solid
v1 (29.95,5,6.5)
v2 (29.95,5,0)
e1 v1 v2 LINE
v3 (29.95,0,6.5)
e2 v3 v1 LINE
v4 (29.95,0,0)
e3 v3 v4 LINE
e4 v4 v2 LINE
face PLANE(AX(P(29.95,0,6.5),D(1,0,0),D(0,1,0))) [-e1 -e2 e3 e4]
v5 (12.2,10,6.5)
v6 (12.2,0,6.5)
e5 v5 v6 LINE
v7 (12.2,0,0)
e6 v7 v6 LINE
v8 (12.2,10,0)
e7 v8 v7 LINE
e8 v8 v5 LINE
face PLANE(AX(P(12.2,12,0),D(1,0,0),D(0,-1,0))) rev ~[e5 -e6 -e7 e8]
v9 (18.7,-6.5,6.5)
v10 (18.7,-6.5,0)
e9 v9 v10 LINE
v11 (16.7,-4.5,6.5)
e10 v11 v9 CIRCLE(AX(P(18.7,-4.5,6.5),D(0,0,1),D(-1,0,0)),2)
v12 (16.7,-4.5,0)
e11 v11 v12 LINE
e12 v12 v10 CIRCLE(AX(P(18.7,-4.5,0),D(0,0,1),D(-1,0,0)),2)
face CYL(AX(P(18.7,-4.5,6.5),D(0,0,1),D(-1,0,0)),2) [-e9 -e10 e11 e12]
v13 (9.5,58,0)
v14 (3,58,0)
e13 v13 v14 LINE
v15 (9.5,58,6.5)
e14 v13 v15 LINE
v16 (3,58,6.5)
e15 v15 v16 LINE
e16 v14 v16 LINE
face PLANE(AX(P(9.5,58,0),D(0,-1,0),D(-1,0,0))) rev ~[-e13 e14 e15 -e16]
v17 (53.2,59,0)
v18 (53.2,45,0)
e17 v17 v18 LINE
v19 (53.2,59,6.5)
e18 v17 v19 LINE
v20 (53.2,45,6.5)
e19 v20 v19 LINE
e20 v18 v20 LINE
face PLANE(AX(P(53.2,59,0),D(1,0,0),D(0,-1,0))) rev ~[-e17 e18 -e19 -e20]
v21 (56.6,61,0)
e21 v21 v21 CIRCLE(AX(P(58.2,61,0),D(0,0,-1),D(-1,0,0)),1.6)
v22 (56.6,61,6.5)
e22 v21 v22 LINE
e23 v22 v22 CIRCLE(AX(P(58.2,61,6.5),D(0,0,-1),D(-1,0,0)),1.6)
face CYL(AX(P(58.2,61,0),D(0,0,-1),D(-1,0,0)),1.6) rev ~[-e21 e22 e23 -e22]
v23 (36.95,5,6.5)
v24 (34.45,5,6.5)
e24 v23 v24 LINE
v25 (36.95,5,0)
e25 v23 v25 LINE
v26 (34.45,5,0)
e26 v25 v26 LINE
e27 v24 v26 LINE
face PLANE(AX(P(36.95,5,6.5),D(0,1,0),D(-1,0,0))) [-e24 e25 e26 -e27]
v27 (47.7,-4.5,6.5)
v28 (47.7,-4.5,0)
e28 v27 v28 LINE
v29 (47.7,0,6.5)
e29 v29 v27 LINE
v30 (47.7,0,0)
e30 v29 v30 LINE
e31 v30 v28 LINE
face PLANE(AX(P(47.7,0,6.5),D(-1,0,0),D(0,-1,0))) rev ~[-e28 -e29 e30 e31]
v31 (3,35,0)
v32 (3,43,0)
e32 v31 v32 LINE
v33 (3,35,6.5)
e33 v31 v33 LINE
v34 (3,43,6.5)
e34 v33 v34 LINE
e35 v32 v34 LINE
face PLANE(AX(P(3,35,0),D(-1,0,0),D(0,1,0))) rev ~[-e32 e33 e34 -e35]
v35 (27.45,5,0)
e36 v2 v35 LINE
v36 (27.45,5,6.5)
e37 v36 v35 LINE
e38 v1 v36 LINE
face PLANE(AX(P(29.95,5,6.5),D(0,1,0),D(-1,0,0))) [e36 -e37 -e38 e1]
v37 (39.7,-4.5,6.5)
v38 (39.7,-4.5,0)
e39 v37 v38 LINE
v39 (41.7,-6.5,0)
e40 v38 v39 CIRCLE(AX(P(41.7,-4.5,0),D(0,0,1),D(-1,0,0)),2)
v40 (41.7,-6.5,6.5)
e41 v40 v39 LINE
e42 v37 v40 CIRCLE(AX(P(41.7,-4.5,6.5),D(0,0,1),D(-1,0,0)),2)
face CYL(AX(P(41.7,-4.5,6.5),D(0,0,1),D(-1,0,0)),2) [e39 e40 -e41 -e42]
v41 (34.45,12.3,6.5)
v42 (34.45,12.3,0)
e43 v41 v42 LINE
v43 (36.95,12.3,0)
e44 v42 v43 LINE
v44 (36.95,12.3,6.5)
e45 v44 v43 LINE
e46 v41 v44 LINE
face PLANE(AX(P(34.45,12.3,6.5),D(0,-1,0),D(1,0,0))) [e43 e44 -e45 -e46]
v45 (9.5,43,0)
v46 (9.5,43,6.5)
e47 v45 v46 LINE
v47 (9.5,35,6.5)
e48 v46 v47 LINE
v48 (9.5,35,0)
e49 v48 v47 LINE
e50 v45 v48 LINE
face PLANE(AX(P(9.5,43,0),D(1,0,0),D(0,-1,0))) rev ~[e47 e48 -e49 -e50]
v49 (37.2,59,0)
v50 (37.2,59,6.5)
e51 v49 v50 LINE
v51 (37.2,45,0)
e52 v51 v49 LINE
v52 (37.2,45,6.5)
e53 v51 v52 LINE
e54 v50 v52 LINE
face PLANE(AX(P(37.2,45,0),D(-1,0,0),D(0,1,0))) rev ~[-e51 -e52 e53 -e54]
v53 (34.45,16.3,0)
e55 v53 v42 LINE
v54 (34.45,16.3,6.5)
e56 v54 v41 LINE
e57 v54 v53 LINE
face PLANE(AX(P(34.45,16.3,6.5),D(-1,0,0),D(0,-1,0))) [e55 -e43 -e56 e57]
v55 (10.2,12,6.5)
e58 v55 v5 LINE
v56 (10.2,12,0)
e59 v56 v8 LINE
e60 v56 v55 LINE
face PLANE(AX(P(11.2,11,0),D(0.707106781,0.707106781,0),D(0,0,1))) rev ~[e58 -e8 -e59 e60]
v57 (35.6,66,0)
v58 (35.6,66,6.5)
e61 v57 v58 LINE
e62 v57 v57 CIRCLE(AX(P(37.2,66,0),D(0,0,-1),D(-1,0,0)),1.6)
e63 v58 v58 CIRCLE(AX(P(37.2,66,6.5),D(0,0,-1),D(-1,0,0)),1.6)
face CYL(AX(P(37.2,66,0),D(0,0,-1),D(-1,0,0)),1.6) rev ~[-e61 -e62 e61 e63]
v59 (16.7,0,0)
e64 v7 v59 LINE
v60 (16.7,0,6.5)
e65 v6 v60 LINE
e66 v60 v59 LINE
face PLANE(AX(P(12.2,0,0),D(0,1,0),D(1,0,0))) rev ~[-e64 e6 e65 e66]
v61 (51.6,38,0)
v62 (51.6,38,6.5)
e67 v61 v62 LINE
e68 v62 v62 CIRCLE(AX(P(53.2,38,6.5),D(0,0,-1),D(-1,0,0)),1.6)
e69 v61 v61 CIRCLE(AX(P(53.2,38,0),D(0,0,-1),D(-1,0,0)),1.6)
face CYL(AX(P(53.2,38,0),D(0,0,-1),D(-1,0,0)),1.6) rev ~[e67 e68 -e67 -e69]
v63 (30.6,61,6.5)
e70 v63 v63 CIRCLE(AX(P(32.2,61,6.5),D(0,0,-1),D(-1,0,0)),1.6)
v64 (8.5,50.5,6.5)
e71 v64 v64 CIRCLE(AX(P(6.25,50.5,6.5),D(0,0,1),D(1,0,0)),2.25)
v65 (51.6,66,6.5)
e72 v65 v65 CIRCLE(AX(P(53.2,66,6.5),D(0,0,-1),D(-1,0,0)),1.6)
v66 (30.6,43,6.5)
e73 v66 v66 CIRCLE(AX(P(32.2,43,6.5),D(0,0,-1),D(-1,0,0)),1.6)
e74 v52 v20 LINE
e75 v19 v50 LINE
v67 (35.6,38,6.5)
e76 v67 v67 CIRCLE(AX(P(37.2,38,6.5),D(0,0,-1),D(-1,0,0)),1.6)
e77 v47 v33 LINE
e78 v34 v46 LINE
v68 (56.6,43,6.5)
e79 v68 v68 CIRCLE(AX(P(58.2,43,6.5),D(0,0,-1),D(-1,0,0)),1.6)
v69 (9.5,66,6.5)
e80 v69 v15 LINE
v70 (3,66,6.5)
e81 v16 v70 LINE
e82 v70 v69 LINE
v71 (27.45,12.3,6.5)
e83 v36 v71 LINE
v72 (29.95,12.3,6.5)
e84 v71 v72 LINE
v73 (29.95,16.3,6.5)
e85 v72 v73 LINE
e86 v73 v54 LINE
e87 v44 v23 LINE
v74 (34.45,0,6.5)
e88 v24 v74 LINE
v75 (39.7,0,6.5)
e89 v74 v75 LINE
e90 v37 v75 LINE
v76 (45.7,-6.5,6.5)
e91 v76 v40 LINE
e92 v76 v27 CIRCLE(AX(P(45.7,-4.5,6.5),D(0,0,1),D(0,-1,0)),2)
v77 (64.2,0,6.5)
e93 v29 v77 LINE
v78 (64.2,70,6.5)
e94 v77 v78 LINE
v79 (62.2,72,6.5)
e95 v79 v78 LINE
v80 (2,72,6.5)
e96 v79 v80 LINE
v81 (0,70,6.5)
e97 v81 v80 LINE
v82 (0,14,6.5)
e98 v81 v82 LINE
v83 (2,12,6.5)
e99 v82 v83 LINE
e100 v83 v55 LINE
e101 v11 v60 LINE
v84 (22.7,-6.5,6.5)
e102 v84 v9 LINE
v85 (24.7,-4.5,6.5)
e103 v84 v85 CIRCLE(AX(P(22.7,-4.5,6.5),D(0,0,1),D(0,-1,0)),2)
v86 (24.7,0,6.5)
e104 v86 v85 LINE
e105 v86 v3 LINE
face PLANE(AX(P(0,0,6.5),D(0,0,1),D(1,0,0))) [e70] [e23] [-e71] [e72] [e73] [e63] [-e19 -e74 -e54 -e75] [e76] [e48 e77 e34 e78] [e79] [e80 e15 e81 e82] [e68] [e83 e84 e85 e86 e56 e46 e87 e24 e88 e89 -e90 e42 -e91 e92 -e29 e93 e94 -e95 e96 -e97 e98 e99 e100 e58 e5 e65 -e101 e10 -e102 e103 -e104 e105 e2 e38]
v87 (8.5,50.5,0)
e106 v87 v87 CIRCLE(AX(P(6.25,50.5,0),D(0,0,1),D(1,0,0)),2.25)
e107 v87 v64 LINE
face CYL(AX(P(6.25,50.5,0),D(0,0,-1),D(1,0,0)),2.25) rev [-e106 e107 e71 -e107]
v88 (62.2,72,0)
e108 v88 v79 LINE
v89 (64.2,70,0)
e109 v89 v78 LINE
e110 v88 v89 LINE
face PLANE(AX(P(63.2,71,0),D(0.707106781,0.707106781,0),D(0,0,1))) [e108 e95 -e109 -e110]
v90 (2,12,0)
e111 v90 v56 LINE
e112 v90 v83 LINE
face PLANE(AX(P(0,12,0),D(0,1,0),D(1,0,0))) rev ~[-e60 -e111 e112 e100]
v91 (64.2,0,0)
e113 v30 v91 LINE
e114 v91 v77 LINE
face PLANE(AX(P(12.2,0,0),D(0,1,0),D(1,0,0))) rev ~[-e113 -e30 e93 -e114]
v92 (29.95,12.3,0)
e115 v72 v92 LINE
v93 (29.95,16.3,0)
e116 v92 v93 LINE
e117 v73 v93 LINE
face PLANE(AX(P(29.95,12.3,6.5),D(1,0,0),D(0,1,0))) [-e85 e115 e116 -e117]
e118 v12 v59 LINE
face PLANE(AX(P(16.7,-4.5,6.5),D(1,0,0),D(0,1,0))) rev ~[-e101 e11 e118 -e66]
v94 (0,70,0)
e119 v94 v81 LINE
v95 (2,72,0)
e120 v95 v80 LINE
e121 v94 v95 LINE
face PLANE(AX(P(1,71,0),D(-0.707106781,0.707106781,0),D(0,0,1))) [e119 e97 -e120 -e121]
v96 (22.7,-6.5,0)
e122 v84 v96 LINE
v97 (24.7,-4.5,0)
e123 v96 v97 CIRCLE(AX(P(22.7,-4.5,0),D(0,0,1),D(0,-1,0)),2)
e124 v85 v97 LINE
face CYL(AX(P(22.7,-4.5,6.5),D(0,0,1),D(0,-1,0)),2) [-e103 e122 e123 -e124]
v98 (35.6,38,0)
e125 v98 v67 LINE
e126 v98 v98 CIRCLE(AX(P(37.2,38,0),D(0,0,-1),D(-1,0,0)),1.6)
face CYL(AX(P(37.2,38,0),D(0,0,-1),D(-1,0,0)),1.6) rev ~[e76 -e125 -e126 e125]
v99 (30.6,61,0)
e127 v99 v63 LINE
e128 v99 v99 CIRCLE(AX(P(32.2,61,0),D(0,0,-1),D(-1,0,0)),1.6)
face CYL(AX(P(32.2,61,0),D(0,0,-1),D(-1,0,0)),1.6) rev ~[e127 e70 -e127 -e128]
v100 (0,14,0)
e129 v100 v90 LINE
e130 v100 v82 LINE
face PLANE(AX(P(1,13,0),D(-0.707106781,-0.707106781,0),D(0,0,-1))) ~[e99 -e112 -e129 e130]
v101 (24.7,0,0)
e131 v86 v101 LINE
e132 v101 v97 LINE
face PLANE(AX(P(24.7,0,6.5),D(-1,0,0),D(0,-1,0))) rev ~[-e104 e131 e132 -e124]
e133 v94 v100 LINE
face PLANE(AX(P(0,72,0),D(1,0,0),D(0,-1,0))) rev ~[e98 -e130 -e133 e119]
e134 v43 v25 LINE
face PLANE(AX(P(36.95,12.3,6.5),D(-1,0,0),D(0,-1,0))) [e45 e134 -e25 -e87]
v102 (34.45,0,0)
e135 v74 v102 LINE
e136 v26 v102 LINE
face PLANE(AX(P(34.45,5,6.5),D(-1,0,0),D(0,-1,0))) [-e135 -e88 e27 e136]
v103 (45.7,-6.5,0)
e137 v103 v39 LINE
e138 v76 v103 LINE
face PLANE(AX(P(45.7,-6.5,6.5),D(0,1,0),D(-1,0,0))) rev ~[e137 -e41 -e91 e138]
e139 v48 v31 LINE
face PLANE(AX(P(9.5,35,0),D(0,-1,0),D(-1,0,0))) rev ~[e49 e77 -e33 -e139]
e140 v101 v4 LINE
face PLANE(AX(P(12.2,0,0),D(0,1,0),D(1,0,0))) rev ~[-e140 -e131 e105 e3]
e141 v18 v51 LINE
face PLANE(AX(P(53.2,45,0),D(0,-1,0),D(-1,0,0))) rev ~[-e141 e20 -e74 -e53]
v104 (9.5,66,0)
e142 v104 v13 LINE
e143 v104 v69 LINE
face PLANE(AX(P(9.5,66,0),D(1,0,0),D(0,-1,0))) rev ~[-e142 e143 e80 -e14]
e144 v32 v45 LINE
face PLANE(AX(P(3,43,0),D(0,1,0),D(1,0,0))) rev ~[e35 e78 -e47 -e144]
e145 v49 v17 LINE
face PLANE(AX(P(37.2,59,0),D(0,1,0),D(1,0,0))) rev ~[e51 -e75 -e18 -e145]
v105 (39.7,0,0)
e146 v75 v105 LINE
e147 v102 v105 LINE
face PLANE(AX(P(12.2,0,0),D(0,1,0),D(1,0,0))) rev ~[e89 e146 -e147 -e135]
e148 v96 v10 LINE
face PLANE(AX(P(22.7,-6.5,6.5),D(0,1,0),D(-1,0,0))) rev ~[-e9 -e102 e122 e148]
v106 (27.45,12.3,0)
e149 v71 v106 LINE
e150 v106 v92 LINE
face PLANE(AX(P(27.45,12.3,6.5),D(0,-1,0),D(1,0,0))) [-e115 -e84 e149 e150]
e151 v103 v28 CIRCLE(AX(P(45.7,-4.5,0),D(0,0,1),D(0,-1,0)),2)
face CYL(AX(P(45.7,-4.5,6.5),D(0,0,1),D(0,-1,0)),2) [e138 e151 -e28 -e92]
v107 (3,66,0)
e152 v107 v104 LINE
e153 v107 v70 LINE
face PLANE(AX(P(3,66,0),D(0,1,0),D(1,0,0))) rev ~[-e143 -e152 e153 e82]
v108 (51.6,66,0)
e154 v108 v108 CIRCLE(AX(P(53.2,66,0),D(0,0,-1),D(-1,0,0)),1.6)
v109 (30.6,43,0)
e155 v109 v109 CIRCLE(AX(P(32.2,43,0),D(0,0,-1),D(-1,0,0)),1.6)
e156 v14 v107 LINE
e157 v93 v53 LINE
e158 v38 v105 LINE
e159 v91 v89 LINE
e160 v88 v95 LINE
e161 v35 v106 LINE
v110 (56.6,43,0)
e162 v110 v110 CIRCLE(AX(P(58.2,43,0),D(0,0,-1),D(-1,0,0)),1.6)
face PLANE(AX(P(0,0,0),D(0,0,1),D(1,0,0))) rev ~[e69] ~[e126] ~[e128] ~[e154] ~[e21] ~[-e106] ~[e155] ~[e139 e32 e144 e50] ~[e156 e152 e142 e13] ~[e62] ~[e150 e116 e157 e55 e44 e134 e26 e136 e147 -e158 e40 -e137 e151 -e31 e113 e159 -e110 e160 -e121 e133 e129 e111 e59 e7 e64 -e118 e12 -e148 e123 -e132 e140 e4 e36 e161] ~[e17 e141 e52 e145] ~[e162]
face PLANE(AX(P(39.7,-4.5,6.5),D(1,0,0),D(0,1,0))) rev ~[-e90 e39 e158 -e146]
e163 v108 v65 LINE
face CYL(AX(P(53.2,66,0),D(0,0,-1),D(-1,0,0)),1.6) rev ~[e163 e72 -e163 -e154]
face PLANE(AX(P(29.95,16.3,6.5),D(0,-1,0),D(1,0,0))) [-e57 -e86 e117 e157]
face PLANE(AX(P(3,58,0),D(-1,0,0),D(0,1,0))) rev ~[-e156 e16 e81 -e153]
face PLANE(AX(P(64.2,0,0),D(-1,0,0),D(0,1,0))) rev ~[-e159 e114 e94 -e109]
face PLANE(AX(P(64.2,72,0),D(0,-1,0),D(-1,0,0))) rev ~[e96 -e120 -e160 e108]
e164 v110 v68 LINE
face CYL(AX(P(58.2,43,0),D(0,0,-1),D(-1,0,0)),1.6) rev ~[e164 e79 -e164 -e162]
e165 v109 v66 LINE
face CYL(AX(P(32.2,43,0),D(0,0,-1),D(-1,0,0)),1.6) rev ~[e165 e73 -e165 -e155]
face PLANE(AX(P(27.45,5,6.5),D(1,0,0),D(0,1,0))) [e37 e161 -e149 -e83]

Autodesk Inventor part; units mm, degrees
ref_plane "YZ Plane" through (0, 0, 0) normal (1, 0, 0) x (0, 1, 0)
ref_plane "XZ Plane" through (0, 0, 0) normal (0, 1, 0) x (-1, 0, 0)
ref_plane "XY Plane" through (0, 0, 0) normal (0, 0, 1) x (1, 0, 0)
sketch "Sketch1" plane through (0, 0, 0) normal (0, 0, 1) x (1, 0, 0)
  line L0 (12.2, 0) -> (64.2, 0)
  line L1 (64.2, 0) -> (64.2, 72)
  line L2 (64.2, 72) -> (0, 72)
  line L3 (0, 72) -> (0, 12)
  line L4 (3, 66) -> (9.5, 66)
  line L5 (9.5, 66) -> (9.5, 58)
  line L6 (9.5, 58) -> (3, 58)
  line L7 (3, 58) -> (3, 66)
  line L8 (3, 43) -> (9.5, 43)
  line L9 (9.5, 43) -> (9.5, 35)
  line L10 (9.5, 35) -> (3, 35)
  line L11 (3, 35) -> (3, 43)
  line L12 (0, 12) -> (12.2, 12)
  line L13 (12.2, 12) -> (12.2, 0)
  line L14 (3, 58) -> (9.5, 43) construction
  line L15 (3, 43) -> (9.5, 58) construction
  circle A0 centre (6.25, 50.5) radius 2.25
  point P0 (0, 0)
  dimension "d1" = 6.5
  dimension "d2" = 8
  dimension "d3" = 8
  dimension "d4" = 15
  dimension "d5" = 3
  dimension "d6" = 72
  dimension "d7" = 4.5
  dimension "d8" = 64.2
  dimension "d9" = 12
  dimension "d10" = 52
  dimension "d11" = 6
extrude "Extrusion1" add sketch "Sketch1" along normal blind 6.5
sketch "Sketch2" plane through (0, 0, 6.5) normal (0, 0, 1) x (1, 0, 0)
  line L0 (64.2, 0) -> (64.2, 72) projected
  line L1 (12.2, 0) -> (64.2, 0) projected
  line L2 (29.95, 16.3) -> (34.45, 16.3)
  line L3 (34.45, 0) -> (29.95, 0)
  line L4 (36.95, 12.3) -> (36.95, 5)
  line L5 (27.45, 5) -> (27.45, 12.3)
  line L6 (29.95, 0) -> (29.95, 5)
  line L7 (29.95, 12.3) -> (29.95, 16.3)
  line L8 (27.45, 12.3) -> (29.95, 12.3)
  line L9 (34.45, 12.3) -> (36.95, 12.3)
  line L10 (34.45, 16.3) -> (34.45, 12.3)
  line L11 (34.45, 5) -> (34.45, 0)
  line L12 (36.95, 5) -> (34.45, 5)
  line L13 (29.95, 5) -> (27.45, 5)
  point P0 (0, 0)
  point P1 (32.2, 16.3)
  dimension "d14" = 2.5
  dimension "d15" = 2.5
  dimension "d16" = 4.5
  dimension "d17" = 5
  dimension "d18" = 7.3
  dimension "d19" = 4
  dimension "d20" = 32
extrude "Extrusion2" cut sketch "Sketch2" against normal blind 6.5
sketch "Sketch3" plane through (0, 0, 6.5) normal (0, 0, 1) x (1, 0, 0)
  line L0 (34.45, 0) -> (64.2, 0) projected
  line L1 (12.2, 0) -> (29.95, 0) projected
  line L2 (29.95, 16.3) -> (34.45, 16.3) projected
  line L3 (16.7, 0) -> (24.7, 0)
  line L4 (24.7, 0) -> (24.7, -4.5)
  line L5 (22.7, -6.5) -> (18.7, -6.5)
  line L6 (16.7, -4.5) -> (16.7, 0)
  line L7 (39.7, 0) -> (47.7, 0)
  line L8 (47.7, 0) -> (47.7, -4.5)
  line L9 (45.7, -6.5) -> (41.7, -6.5)
  line L10 (39.7, -4.5) -> (39.7, 0)
  arc A0 (16.7, -4.5) -> (18.7, -6.5) centre (18.7, -4.5) ccw
  arc A1 (22.7, -6.5) -> (24.7, -4.5) centre (22.7, -4.5) ccw
  arc A2 (39.7, -4.5) -> (41.7, -6.5) centre (41.7, -4.5) ccw
  arc A3 (45.7, -6.5) -> (47.7, -4.5) centre (45.7, -4.5) ccw
  point P0 (0, 0)
  point P1 (32.2, 16.3)
  dimension "d23" = 2
  dimension "d24" = 8
  dimension "d25" = 8
  dimension "d26" = 6.5
  dimension "d27" = 15
  dimension "d28" = 7.5
extrude "Extrusion3" add sketch "Sketch3" against normal blind 6.5
chamfer "Chamfer1" distance 2 angle 45 2 edges at (0, 72, 3.25) (64.2, 72, 3.25)
sketch "Sketch4" plane through (0, 0, 0) normal (0, 0, -1) x (-1, 0, 0)
  line L0 (-64.2, 70) -> (-64.2, 0) projected
  line L1 (-2, 72) -> (-62.2, 72) projected
  line L2 (-37.2, 59) -> (-53.2, 59)
  line L3 (-53.2, 59) -> (-53.2, 45)
  line L4 (-53.2, 45) -> (-37.2, 45)
  line L5 (-37.2, 45) -> (-37.2, 59)
  line L6 (-32.2, 66) -> (-58.2, 66) construction
  line L7 (-58.2, 66) -> (-58.2, 38) construction
  line L8 (-58.2, 38) -> (-32.2, 38) construction
  line L9 (-32.2, 38) -> (-32.2, 66) construction
  circle A0 centre (-58.2, 61) radius 1.6
  circle A1 centre (-58.2, 43) radius 1.6
  circle A2 centre (-53.2, 38) radius 1.6
  circle A3 centre (-37.2, 38) radius 1.6
  circle A4 centre (-32.2, 43) radius 1.6
  circle A5 centre (-32.2, 61) radius 1.6
  circle A6 centre (-37.2, 66) radius 1.6
  circle A7 centre (-53.2, 66) radius 1.6
  point P0 (0, 0)
  point P1 (-58.2, 52)
  point P2 (-53.2, 52)
  point P3 (-45.2, 38)
  point P4 (-45.2, 45)
  dimension "d34" = 3.2
  dimension "d35" = 5
  dimension "d36" = 5
  dimension "d37" = 5
  dimension "d38" = 5
  dimension "d39" = 5
  dimension "d40" = 5
  dimension "d41" = 5
  dimension "d42" = 5
  dimension "d43" = 16
  dimension "d44" = 14
  dimension "d45" = 5
  dimension "d46" = 7
  dimension "d47" = 6
  dimension "d48" = 6
extrude "Extrusion4" cut sketch "Sketch4" against normal through all
chamfer "Chamfer2" distance 2 angle 45 2 edges at (0, 12, 3.25) (12.2, 12, 3.25)
equation "\"d36\" = d35"
equation "\"d37\" = d35"
equation "\"d38\" = d35"
equation "\"d39\" = d35"
equation "\"d40\" = d35"
equation "\"d41\" = d35"
equation "\"d42\" = d35"
properties part number "x_motor_cable_mount" material "Plywood, Finish"
